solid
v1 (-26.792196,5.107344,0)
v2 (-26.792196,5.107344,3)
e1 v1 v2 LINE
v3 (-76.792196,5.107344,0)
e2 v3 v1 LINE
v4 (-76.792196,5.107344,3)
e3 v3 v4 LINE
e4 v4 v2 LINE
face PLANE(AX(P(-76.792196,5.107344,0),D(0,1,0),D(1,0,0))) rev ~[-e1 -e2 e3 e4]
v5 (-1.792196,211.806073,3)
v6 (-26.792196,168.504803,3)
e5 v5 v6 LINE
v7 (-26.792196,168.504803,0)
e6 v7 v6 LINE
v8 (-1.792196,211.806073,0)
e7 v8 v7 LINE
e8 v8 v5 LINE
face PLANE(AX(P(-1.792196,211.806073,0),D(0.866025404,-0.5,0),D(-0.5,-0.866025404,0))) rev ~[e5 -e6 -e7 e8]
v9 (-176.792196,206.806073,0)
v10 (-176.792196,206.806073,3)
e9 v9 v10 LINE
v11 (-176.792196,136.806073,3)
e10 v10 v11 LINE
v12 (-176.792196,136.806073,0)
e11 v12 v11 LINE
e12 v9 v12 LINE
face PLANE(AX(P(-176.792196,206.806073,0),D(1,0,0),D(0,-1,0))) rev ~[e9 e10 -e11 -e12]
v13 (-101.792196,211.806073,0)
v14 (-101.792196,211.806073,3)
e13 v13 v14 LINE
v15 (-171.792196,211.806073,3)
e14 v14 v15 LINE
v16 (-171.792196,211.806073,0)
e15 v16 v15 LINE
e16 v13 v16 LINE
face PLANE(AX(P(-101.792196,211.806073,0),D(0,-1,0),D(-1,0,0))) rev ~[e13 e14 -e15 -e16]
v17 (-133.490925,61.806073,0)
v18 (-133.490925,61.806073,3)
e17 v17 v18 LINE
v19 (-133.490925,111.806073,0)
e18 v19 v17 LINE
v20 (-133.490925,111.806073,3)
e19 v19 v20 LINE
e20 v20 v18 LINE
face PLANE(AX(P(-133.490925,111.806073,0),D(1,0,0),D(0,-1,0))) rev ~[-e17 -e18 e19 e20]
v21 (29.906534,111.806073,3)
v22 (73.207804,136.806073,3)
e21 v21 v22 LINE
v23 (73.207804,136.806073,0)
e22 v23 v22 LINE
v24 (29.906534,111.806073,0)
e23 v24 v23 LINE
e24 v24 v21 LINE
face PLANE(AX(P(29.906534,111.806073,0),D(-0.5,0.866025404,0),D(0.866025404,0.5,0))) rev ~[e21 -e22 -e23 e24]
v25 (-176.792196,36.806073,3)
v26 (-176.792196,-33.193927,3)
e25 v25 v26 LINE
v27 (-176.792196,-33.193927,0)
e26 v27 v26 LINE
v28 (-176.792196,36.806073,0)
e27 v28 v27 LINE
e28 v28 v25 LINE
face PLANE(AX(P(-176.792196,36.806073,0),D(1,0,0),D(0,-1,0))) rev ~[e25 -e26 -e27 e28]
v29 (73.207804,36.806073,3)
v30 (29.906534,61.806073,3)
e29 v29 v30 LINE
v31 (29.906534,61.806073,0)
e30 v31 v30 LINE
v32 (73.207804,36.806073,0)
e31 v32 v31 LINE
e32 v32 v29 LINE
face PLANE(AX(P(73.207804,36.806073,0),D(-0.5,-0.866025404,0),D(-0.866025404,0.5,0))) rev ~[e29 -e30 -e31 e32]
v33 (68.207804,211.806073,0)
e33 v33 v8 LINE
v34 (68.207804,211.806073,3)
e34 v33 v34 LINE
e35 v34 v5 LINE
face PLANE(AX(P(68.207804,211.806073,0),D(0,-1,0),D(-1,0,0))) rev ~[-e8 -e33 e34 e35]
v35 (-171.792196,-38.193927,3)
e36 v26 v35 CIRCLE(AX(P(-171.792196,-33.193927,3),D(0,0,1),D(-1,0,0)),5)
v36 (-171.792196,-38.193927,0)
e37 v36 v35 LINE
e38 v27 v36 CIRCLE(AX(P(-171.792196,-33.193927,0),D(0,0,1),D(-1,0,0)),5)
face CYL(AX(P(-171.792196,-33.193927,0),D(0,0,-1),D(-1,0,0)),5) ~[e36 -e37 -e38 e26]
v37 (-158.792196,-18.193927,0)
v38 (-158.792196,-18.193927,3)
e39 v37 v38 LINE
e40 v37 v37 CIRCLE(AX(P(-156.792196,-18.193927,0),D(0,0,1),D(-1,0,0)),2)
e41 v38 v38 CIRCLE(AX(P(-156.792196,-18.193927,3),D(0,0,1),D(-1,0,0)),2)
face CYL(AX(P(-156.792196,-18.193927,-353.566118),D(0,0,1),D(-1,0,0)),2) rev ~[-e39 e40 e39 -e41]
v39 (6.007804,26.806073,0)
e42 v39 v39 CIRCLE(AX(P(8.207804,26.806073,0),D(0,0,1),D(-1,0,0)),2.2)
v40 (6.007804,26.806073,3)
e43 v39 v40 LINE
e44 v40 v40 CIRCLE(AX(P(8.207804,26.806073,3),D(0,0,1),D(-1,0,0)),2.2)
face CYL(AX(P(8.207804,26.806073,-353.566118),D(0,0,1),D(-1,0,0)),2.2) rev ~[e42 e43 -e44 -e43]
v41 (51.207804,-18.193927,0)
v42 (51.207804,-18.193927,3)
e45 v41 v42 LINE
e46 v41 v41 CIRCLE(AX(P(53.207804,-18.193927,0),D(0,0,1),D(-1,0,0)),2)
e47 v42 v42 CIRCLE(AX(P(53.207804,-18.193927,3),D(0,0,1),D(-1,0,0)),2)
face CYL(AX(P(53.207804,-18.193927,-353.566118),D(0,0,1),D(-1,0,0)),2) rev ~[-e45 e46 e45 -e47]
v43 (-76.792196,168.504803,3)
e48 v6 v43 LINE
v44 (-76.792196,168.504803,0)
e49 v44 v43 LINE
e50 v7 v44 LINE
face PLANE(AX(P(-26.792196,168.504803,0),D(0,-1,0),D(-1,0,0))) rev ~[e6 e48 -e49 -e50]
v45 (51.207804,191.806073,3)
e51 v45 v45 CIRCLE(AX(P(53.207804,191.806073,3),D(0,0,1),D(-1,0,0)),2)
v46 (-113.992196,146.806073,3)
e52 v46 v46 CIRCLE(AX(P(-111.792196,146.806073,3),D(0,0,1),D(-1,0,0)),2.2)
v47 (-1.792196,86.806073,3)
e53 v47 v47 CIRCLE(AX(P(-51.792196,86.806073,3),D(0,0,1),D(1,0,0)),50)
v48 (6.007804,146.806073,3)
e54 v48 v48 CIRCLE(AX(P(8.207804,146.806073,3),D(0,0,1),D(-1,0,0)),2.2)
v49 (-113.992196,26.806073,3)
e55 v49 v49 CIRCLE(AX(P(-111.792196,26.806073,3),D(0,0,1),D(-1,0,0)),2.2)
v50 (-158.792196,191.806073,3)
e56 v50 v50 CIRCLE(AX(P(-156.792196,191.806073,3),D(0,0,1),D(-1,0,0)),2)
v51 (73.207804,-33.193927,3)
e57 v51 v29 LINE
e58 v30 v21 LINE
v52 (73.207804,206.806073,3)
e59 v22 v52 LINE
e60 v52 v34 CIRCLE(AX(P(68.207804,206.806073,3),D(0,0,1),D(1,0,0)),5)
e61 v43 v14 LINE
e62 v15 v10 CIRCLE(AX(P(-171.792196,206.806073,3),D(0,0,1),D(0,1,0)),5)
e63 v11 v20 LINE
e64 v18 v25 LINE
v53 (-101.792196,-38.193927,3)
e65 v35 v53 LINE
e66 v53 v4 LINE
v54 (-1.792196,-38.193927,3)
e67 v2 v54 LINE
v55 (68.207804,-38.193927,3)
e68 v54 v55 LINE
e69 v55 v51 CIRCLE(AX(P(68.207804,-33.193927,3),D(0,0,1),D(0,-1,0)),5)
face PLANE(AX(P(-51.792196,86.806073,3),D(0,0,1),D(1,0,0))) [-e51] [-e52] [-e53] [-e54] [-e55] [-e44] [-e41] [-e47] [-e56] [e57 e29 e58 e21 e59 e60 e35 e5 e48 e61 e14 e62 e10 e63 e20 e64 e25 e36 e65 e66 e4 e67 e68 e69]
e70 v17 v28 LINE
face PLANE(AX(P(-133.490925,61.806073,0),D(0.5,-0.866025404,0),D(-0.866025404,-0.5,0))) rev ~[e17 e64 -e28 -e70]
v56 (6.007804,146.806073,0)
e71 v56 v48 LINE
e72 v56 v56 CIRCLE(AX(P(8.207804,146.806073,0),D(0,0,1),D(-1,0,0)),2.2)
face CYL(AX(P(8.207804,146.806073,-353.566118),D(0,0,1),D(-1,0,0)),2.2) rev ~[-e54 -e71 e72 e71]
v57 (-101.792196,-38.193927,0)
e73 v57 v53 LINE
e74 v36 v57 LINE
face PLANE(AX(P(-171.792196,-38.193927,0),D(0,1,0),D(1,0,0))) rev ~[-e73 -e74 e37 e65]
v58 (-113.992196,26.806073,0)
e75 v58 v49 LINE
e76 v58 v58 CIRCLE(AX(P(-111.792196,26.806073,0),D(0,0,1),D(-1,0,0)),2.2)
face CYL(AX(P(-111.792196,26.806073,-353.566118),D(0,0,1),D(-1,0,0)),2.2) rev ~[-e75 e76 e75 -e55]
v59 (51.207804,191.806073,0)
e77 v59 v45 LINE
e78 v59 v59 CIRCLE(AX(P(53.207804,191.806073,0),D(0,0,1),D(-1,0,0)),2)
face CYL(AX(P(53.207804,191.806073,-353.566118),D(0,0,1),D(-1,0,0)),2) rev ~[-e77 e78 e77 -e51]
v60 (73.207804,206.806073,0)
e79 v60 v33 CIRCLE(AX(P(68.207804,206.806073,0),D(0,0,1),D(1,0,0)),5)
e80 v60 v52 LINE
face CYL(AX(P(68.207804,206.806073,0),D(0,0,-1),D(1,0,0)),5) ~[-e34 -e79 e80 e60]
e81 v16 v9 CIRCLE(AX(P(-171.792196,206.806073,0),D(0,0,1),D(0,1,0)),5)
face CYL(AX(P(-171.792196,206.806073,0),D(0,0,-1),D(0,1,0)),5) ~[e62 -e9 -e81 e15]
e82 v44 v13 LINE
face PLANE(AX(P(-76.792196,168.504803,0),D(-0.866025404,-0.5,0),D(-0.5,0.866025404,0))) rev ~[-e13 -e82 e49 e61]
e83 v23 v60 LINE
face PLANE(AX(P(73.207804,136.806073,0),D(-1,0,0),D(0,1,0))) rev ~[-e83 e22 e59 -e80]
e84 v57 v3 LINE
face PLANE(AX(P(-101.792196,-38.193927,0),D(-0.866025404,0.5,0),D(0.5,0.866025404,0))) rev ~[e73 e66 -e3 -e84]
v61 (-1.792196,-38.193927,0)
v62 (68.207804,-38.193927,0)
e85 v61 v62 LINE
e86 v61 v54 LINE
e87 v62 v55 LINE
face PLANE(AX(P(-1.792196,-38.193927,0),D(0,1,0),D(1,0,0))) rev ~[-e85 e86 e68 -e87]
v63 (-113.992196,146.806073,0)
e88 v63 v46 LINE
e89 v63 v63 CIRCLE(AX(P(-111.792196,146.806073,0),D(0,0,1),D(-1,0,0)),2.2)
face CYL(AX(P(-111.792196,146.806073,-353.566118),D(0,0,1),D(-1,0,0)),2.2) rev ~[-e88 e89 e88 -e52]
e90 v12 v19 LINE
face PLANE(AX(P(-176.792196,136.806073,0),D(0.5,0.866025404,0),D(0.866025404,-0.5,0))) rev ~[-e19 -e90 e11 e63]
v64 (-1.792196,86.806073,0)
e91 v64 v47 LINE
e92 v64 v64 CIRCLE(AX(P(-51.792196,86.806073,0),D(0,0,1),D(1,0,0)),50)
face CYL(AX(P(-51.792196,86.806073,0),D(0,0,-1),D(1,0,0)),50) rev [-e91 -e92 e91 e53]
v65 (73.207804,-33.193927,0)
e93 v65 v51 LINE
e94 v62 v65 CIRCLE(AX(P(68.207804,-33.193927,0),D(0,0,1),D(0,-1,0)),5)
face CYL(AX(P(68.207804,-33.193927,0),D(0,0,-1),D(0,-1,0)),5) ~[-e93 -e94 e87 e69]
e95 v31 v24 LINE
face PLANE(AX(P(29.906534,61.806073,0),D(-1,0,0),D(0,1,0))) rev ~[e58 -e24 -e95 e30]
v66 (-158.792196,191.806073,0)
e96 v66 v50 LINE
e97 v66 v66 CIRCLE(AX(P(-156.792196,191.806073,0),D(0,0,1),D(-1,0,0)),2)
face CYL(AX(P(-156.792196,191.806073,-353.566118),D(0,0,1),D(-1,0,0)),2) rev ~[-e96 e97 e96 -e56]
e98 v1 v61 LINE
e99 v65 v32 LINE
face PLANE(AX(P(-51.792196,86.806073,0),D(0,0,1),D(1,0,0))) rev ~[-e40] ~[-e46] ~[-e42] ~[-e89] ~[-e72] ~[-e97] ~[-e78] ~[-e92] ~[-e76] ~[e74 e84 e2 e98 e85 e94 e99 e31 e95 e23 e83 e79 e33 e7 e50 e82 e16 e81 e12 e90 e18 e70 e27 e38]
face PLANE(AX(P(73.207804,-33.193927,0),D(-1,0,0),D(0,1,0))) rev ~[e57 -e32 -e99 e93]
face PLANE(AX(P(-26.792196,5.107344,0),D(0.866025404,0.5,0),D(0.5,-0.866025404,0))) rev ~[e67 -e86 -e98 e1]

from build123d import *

# Parameters (mm, degrees)
F0_R     = 50
F1_DEPTH = 3
F2_D     = 4.4
F3_D     = 4


with BuildPart() as f1:
    # F0 (on Top) → F1 (new body)
    with BuildSketch(Plane.XY):
        with BuildLine():
            Line((-101.7921956682, 211.8060733306), (-171.7921956682, 211.8060733306))
            ThreePointArc((-171.7921956682, 211.8060733306), (-175.3277295741, 210.3416072366), (-176.7921956682, 206.8060733306))
            Line((-176.7921956682, 206.8060733306), (-176.7921956682, 136.8060733306))
            Line((-176.7921956682, 136.8060733306), (-133.490925479, 111.8060733306))
            Line((-133.490925479, 111.8060733306), (-133.490925479, 61.8060733306))
            Line((-133.490925479, 61.8060733306), (-176.7921956682, 36.8060733306))
            Line((-176.7921956682, 36.8060733306), (-176.7921956682, -33.1939266694))
            ThreePointArc((-176.7921956682, -33.1939266694), (-175.3277295741, -36.7294605753), (-171.7921956682, -38.1939266694))
            Line((-171.7921956682, -38.1939266694), (-101.7921956682, -38.1939266694))
            Line((-101.7921956682, -38.1939266694), (-76.7921956682, 5.1073435198))
            Line((-76.7921956682, 5.1073435198), (-26.7921956682, 5.1073435198))
            Line((-26.7921956682, 5.1073435198), (-1.7921956682, -38.1939266694))
            Line((-1.7921956682, -38.1939266694), (68.2078043318, -38.1939266694))
            ThreePointArc((68.2078043318, -38.1939266694), (71.7433382377, -36.7294605753), (73.2078043318, -33.1939266694))
            Line((73.2078043318, -33.1939266694), (73.2078043318, 36.8060733306))
            Line((73.2078043318, 36.8060733306), (29.9065341426, 61.8060733306))
            Line((29.9065341426, 61.8060733306), (29.9065341426, 111.8060733306))
            Line((29.9065341426, 111.8060733306), (73.2078043318, 136.8060733306))
            Line((73.2078043318, 136.8060733306), (73.2078043318, 206.8060733306))
            ThreePointArc((73.2078043318, 206.8060733306), (71.7433382377, 210.3416072366), (68.2078043318, 211.8060733306))
            Line((68.2078043318, 211.8060733306), (-1.7921956682, 211.8060733306))
            Line((-1.7921956682, 211.8060733306), (-26.7921956682, 168.5048031414))
            Line((-26.7921956682, 168.5048031414), (-76.7921956682, 168.5048031414))
            Line((-76.7921956682, 168.5048031414), (-101.7921956682, 211.8060733306))
        make_face()
        with Locations((-51.7921956682, 86.8060733306)):
            Circle(F0_R, mode=Mode.SUBTRACT)
    extrude(amount=F1_DEPTH)

    # F2 (through all)
    with Locations(Plane(origin=(0, 0, 0), x_dir=(1, 0, 0), z_dir=(0, 0, -1))):
        with Locations((-111.7921956682, -146.8060733306), (-111.7921956682, -26.8060733306), (8.2078043318, -26.8060733306), (8.2078043318, -146.8060733306)):
            Hole(F2_D / 2)

    # F3 (through all)
    with Locations(Plane(origin=(0, 0, 0), x_dir=(1, 0, 0), z_dir=(0, 0, -1))):
        with Locations((-156.7921956682, -191.8060733306), (-156.7921956682, 18.1939266694), (53.2078043318, 18.1939266694), (53.2078043318, -191.8060733306)):
            Hole(F3_D / 2)


solid = f1.part
